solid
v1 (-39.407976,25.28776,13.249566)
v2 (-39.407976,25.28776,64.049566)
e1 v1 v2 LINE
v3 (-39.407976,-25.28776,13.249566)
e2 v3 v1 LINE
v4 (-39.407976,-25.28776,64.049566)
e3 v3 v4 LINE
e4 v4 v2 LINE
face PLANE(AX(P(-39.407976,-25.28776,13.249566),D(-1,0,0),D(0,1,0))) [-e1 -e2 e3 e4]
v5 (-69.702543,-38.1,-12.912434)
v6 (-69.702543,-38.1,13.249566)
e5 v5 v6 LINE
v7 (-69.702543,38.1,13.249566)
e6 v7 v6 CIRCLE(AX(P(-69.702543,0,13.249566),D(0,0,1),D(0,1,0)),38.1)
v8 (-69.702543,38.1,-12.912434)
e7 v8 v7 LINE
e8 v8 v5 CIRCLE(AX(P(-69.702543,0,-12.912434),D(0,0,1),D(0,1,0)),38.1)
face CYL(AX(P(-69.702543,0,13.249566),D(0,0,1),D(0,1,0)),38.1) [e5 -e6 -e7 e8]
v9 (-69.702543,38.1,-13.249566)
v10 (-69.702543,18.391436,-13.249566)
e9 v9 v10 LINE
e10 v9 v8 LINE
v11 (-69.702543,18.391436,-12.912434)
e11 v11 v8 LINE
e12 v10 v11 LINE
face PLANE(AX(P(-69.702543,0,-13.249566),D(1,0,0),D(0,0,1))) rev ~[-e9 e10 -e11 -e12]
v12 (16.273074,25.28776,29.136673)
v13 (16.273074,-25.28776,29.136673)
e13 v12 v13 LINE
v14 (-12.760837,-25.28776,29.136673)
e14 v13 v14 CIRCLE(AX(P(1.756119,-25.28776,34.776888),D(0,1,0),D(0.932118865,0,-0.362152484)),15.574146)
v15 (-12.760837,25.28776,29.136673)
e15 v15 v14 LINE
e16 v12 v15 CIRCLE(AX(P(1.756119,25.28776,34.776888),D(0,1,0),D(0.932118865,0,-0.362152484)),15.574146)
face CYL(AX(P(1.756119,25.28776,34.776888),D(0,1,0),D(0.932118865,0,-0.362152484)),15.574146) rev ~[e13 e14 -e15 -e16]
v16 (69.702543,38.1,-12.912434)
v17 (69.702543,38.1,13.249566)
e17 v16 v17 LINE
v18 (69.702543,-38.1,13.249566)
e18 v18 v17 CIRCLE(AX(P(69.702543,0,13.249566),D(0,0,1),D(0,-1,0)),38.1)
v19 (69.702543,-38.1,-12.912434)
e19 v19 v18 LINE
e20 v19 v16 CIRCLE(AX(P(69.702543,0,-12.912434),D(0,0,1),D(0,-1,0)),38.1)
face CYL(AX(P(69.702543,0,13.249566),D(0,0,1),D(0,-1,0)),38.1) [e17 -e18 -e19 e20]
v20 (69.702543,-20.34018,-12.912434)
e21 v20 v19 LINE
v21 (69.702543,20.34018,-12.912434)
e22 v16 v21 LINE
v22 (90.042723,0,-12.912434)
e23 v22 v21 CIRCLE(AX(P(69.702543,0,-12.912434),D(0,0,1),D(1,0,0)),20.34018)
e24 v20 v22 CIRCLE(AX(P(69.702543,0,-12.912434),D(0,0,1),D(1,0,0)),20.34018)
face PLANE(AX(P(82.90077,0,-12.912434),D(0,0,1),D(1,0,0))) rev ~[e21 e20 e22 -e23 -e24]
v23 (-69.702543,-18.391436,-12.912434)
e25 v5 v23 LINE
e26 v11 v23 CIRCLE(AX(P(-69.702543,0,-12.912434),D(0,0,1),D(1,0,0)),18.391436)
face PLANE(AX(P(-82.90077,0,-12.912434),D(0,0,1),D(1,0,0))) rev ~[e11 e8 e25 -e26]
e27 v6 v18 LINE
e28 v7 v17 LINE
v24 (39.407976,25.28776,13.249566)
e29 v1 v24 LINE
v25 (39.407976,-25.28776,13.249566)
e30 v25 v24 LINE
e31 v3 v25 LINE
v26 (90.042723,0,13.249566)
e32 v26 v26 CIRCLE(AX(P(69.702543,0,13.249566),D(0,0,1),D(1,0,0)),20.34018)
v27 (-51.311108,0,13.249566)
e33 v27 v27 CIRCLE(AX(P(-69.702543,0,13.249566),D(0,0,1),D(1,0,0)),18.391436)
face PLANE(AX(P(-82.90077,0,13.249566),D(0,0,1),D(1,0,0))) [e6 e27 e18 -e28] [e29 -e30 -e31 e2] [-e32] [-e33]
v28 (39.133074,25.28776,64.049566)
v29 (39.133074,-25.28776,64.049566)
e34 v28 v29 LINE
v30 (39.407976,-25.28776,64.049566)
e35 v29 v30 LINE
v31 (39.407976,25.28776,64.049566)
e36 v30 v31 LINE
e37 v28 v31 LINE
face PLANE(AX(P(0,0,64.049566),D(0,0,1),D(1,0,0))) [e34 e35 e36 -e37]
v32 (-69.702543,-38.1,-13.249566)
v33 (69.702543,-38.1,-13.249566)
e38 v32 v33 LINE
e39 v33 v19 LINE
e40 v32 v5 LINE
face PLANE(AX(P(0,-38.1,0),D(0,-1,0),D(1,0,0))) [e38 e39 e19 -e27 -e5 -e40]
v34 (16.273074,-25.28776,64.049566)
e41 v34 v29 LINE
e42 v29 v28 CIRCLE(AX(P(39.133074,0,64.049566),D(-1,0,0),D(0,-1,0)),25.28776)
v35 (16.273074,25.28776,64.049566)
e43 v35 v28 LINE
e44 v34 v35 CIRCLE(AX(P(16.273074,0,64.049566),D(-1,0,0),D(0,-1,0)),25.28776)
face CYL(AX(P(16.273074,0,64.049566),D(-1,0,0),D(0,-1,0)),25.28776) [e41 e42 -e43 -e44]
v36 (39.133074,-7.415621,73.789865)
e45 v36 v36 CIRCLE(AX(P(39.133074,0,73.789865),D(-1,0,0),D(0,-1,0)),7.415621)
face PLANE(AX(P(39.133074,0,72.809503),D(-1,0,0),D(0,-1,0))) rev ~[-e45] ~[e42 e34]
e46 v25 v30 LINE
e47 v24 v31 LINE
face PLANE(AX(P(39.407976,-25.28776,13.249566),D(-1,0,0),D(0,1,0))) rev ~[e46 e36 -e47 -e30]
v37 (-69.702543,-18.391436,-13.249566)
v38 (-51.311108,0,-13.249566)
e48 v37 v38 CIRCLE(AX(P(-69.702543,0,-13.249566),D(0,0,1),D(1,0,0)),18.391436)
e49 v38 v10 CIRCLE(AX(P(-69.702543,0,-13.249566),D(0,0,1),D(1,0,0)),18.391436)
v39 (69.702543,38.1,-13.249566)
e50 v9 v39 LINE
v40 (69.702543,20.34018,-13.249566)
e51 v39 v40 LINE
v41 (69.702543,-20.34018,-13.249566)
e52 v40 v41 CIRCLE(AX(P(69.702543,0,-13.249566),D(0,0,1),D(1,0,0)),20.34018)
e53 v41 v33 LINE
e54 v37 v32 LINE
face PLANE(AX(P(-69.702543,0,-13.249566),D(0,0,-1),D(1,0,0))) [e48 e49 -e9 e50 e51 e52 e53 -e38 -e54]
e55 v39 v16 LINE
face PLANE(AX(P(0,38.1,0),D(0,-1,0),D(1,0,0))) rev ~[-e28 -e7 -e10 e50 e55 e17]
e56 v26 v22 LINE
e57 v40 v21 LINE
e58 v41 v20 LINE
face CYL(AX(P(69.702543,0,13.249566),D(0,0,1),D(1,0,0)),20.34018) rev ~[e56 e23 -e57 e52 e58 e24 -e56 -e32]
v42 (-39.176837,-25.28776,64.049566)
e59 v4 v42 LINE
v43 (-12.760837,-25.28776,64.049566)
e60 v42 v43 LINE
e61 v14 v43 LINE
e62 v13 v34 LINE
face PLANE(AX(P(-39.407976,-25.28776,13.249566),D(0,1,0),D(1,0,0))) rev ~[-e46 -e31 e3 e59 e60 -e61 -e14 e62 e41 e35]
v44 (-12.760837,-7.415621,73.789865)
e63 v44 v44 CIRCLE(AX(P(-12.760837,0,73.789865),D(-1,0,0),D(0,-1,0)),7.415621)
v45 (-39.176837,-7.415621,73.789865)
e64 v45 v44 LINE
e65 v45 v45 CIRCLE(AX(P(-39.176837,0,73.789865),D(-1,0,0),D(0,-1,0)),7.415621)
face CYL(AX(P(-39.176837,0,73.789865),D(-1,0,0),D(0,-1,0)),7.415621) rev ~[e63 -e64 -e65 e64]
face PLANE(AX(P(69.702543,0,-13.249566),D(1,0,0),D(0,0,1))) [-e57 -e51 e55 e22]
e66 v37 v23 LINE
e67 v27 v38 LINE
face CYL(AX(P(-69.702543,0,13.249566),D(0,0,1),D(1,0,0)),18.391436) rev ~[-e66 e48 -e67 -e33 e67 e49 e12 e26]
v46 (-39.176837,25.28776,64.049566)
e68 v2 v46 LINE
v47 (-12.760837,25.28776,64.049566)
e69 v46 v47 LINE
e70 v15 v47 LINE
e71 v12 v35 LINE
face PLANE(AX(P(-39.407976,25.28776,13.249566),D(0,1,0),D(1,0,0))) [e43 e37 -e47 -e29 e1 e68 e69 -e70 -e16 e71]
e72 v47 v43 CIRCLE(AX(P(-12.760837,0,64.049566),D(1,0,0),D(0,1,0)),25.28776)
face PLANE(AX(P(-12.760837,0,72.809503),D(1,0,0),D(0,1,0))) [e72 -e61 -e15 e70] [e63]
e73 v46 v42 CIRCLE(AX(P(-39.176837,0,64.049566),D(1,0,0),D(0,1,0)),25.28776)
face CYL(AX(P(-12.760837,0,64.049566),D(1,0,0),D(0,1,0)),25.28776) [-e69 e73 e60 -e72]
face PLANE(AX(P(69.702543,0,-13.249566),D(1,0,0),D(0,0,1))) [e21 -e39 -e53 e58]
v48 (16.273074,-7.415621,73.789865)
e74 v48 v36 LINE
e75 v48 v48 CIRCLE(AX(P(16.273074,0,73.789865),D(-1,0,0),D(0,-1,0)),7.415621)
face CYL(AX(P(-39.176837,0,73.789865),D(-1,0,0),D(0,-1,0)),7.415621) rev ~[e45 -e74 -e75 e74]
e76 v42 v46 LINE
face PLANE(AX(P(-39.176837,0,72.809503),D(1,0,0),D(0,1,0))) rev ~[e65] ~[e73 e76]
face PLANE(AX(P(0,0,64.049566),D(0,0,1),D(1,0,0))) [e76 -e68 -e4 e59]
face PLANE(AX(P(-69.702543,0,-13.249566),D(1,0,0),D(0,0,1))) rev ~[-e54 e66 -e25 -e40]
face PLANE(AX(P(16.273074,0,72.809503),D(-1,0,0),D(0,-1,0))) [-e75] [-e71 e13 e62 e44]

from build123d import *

# Parameters (mm, degrees)
F0_W      = 139.4050866365
F0_H      = 26.4991316944
F1_DEPTH  = 38.1
F3_DEPTH  = 26.162
F5_DEPTH  = 26.162
F6_R      = 20.3401801488
F6_R_2    = 18.3914355894
F7_DEPTH  = 26.5001316944
F8_W      = 78.8159519434
F8_H      = 50.5755208433
F9_DEPTH  = 50.8
F11_DEPTH = 63.3887604216
F12_W     = 29.0339104831
F12_H     = 34.9128932312
F13_DEPTH = 63.3887604216
F15_DEPTH = 22.86
F17_DEPTH = 26.416
F18_R     = 7.4156213221
F19_DEPTH = 146.9803799493


with BuildPart() as f1:
    # F0 (on Front) → F1 (new body, symmetric)
    with BuildSketch(Plane.XZ):
        Rectangle(F0_W, F0_H)
    extrude(amount=F1_DEPTH, both=True)

    # F2 (on face) → F3 (join)
    with BuildSketch(Plane.XY.offset(13.2495658472)):
        with BuildLine():
            Line((69.7025433183, 38.1), (69.7025433183, -38.1))
            ThreePointArc((69.7025433183, -38.1), (107.8025433183, 0), (69.7025433183, 38.1))
        make_face()
    extrude(amount=-F3_DEPTH)

    # F4 (on face) → F5 (join)
    with BuildSketch(Plane.XY.offset(13.2495658472)):
        with BuildLine():
            Line((-69.7025433183, -38.1), (-69.7025433183, 38.1))
            ThreePointArc((-69.7025433183, 38.1), (-107.8025433183, 0), (-69.7025433183, -38.1))
        make_face()
    extrude(amount=-F5_DEPTH)

    # F6 (on face) → F7 (cut, through all)
    with BuildSketch(Plane.XY.offset(13.2495658472)):
        with Locations((69.7025433183, 0)):
            Circle(F6_R)
        with Locations((-69.7025433183, 0)):
            Circle(F6_R_2)
    extrude(amount=-F7_DEPTH, mode=Mode.SUBTRACT)

    # F8 (on face) → F9 (join)
    with BuildSketch(Plane.XY.offset(13.2495658472)):
        Rectangle(F8_W, F8_H)
    extrude(amount=F9_DEPTH)

    # F10 (on face) → F11 (cut, through all)
    with BuildSketch(Plane(origin=(0, 25.2877604216, 0), x_dir=(-1, 0, 0), z_dir=(0, 1, 0))):
        with BuildLine():
            Line((12.7608366311, 29.136672616), (-16.2730738521, 29.136672616))
            ThreePointArc((-16.2730738521, 29.136672616), (-1.7561186105, 19.2027423091), (12.7608366311, 29.136672616))
        make_face()
    extrude(amount=-F11_DEPTH, mode=Mode.SUBTRACT)

    # F12 (on face) → F13 (cut, through all)
    with BuildSketch(Plane(origin=(0, 25.2877604216, 0), x_dir=(-1, 0, 0), z_dir=(0, 1, 0))):
        with Locations((-1.7561186105, 46.5931192316)):
            Rectangle(F12_W, F12_H)
    extrude(amount=-F13_DEPTH, mode=Mode.SUBTRACT)

    # F14 (on face) → F15 (join)
    with BuildSketch(Plane(origin=(16.2730738521, 0, 0), x_dir=(0, -1, 0), z_dir=(-1, 0, 0))):
        with BuildLine():
            Line((-25.2877604216, 64.0495658472), (25.2877604216, 64.0495658472))
            ThreePointArc((25.2877604216, 64.0495658472), (0, 89.3373262689), (-25.2877604216, 64.0495658472))
        make_face()
    extrude(amount=-F15_DEPTH)

    # F16 (on face) → F17 (join)
    with BuildSketch(Plane.YZ.offset(-12.7608366311)):
        with BuildLine():
            Line((-25.2877604216, 64.0495658472), (25.2877604216, 64.0495658472))
            ThreePointArc((25.2877604216, 64.0495658472), (0, 89.3373262689), (-25.2877604216, 64.0495658472))
        make_face()
    extrude(amount=-F17_DEPTH)

    # F18 (on face) → F19 (cut, through all)
    with BuildSketch(Plane(origin=(-39.1768366311, 0, 0), x_dir=(0, -1, 0), z_dir=(-1, 0, 0))):
        with Locations((0, 73.7898647785)):
            Circle(F18_R)
    extrude(amount=-F19_DEPTH, mode=Mode.SUBTRACT)


solid = f1.part
